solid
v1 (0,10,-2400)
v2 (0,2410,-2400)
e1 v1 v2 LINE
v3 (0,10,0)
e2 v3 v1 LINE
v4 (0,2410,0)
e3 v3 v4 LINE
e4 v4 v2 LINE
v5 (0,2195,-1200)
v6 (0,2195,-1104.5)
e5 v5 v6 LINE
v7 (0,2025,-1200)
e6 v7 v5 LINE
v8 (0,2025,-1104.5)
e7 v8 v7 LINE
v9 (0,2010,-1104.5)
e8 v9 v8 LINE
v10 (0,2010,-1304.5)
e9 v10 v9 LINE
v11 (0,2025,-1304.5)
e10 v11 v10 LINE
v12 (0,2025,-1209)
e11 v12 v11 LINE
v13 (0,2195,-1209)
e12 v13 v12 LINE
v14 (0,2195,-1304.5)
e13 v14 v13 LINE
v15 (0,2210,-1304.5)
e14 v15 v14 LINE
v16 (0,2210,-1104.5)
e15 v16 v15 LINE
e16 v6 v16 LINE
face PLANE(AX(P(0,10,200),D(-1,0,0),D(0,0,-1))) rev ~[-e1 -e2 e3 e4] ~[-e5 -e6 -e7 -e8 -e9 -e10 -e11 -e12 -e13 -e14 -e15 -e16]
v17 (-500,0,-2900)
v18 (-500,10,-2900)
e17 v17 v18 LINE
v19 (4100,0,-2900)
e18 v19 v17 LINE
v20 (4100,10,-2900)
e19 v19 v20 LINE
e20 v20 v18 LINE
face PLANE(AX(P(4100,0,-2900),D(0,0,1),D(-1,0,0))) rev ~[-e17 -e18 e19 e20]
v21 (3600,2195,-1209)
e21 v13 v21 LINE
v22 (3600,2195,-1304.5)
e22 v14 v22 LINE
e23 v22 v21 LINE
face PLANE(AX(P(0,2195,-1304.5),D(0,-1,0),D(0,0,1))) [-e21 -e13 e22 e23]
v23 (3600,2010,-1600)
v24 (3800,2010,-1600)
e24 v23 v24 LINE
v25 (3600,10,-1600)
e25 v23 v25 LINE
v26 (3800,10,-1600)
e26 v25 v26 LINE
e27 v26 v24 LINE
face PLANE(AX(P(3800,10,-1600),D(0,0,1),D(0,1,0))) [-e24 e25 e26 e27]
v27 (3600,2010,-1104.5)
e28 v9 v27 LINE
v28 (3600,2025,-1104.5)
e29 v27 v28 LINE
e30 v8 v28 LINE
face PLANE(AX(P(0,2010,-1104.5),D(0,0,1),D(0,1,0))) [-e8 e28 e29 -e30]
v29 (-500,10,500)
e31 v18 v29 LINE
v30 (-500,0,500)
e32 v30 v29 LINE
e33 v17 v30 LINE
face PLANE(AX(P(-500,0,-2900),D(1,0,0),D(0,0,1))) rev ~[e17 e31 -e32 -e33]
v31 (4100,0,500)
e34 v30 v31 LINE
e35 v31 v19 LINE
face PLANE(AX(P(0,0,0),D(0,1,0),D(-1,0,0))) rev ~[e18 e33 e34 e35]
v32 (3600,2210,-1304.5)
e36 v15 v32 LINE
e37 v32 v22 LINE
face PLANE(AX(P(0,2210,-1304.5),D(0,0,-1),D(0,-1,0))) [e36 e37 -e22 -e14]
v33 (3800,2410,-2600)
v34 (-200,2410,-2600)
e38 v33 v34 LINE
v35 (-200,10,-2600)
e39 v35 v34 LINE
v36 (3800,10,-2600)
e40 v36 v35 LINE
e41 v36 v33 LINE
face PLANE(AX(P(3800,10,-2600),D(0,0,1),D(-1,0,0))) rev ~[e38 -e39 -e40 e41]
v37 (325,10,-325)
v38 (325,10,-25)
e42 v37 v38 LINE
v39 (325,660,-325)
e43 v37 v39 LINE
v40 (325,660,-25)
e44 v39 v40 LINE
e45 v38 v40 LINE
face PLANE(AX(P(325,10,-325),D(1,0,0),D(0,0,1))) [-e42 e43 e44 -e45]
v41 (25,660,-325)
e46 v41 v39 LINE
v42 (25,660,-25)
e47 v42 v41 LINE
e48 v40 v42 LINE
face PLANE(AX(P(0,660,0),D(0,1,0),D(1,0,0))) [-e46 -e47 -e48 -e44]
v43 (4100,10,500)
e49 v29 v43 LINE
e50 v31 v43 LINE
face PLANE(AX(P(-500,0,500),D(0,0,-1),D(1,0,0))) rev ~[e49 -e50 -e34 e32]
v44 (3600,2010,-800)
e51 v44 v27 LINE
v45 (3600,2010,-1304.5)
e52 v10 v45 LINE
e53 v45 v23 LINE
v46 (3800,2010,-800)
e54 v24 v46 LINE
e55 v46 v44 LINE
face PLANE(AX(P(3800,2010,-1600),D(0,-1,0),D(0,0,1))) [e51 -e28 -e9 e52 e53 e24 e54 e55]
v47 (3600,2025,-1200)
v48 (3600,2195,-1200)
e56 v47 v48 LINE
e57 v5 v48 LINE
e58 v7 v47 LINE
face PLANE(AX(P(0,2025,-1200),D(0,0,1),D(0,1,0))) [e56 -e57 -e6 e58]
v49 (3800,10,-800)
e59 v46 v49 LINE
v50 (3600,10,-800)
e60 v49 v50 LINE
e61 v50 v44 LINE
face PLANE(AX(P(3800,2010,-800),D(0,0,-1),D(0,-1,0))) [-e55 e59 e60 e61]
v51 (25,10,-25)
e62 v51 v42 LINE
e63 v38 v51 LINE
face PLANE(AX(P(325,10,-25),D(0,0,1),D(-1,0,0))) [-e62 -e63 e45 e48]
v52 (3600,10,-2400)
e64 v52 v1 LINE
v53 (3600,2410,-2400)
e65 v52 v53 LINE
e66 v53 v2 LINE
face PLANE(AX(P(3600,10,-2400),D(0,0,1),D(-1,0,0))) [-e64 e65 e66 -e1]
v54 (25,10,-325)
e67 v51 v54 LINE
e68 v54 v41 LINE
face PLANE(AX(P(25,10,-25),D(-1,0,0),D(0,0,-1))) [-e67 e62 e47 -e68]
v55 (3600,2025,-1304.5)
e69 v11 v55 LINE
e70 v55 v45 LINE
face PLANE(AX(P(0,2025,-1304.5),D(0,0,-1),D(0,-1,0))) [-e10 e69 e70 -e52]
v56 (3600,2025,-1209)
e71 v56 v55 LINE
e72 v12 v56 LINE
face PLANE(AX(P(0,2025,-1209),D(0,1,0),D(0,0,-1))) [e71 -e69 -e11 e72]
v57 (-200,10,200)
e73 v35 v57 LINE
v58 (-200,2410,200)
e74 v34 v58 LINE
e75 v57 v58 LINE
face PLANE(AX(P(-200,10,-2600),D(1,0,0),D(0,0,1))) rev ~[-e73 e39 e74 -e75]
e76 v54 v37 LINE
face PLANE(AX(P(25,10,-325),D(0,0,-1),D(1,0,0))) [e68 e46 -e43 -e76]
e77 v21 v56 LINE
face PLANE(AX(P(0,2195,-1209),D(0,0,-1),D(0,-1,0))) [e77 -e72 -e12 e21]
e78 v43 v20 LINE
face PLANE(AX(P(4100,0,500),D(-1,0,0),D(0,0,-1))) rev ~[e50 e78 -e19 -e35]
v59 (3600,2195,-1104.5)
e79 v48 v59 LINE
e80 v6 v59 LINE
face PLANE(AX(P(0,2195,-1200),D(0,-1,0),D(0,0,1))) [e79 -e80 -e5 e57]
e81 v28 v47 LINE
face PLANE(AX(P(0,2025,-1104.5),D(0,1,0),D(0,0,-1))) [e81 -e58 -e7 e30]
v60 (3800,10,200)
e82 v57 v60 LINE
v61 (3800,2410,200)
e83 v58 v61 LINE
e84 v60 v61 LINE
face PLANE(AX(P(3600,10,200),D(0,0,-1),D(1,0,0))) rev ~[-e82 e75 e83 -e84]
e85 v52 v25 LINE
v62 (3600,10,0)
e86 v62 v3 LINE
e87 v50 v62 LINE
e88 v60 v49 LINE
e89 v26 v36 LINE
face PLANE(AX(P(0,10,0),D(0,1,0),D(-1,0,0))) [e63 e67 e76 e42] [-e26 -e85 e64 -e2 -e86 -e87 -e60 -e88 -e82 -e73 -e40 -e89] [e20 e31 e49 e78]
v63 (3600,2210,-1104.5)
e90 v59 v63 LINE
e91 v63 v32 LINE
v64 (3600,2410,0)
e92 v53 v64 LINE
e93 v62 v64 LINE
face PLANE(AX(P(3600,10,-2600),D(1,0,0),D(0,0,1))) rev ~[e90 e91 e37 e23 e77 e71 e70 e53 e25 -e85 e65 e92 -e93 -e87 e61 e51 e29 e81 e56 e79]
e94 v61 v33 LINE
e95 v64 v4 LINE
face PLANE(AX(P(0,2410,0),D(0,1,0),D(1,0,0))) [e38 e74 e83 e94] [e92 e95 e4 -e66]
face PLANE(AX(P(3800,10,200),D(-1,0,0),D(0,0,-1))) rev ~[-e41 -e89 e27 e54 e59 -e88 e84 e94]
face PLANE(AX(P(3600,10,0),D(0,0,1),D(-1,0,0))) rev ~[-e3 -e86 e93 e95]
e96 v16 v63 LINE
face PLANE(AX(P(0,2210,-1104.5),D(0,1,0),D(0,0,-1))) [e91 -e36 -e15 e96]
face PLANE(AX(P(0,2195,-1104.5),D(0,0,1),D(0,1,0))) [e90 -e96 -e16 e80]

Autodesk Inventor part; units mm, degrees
ref_plane "YZ Plane" through (0, 0, 0) normal (1, 0, 0) x (0, 1, 0)
ref_plane "XZ Plane" through (0, 0, 0) normal (0, 1, 0) x (-1, 0, 0)
ref_plane "XY Plane" through (0, 0, 0) normal (0, 0, 1) x (1, 0, 0)
sketch "Sketch1" plane through (0, 0, 0) normal (0, 1, 0) x (-1, 0, 0)
  line L0 (500, 500) -> (-4100, 500)
  line L1 (-4100, 500) -> (-4100, -2900)
  line L2 (-4100, -2900) -> (500, -2900)
  line L3 (500, -2900) -> (500, 500)
  point P0 (0, 0)
  dimension "d0" = 4600
  dimension "d1" = 500
  dimension "d2" = 500
  dimension "d3" = 3400
extrude "Extrusion1" add sketch "Sketch1" along normal blind 10
sketch "Sketch2" plane through (0, 10, 0) normal (0, 1, 0) x (1, 0, 0)
  line L0 (-500, -500) -> (4100, -500) projected
  line L1 (-500, 2900) -> (-500, -500) projected
  line L2 (-200, -200) -> (0, -200)
  line L3 (0, -200) -> (0, 2600)
  line L4 (0, 2600) -> (-200, 2600)
  line L5 (-200, 2600) -> (-200, -200)
  point P0 (0, 0)
  dimension "d6" = 300
  dimension "d7" = 2800
  dimension "d8" = 200
  dimension "d9" = 300
extrude "Extrusion2" add sketch "Sketch2" along normal blind 2400
sketch "Sketch3" plane through (0, 10, 0) normal (0, 1, 0) x (1, 0, 0)
  line L0 (0, 2600) -> (0, -200) projected
  line L1 (-500, -500) -> (4100, -500) projected
  line L2 (0, -200) -> (3600, -200)
  line L3 (3600, -200) -> (3600, 0)
  line L4 (3600, 0) -> (0, 0)
  line L5 (0, 0) -> (0, -200)
  point P0 (0, 0)
  dimension "d12" = 300
  dimension "d13" = 200
  dimension "d14" = 3600
extrude "Extrusion3" add sketch "Sketch3" along normal blind 2400
sketch "Sketch4" plane through (0, 10, 0) normal (0, 1, 0) x (1, 0, 0)
  line L0 (4100, 2900) -> (-500, 2900) projected
  line L1 (0, 2600) -> (0, 0) projected
  line L2 (0, 2600) -> (3600, 2600)
  line L3 (3600, 2600) -> (3600, 2400)
  line L4 (3600, 2400) -> (0, 2400)
  line L5 (0, 2400) -> (0, 2600)
  dimension "d17" = 300
  dimension "d18" = 200
  dimension "d19" = 3600
extrude "Extrusion4" add sketch "Sketch4" along normal blind 2400
sketch "Sketch5" plane through (0, 10, 0) normal (0, 1, 0) x (1, 0, 0)
  line L0 (3600, -200) -> (3800, -200)
  line L1 (3800, -200) -> (3800, 2600)
  line L2 (3800, 2600) -> (3600, 2600)
  line L3 (3600, 2600) -> (3600, -200)
  dimension "d22" = 200
  dimension "d24" = 2800
extrude "Extrusion5" add sketch "Sketch5" along normal blind 2400
sketch "Sketch6" plane through (3800, 10, 200) normal (1, 0, 0) x (0, 0, -1)
  line L0 (2800, 0) -> (0, 0) projected
  line L1 (2800, 0) -> (2800, 2400) projected
  line L2 (1000, 0) -> (1800, 0)
  line L3 (1800, 0) -> (1800, 2000)
  line L4 (1800, 2000) -> (1000, 2000)
  line L5 (1000, 2000) -> (1000, 0)
  point P0 (200, -10)
  dimension "d27" = 800
  dimension "d29" = 2000
  dimension "d30" = 1000
extrude "Extrusion6" cut sketch "Sketch6" along normal blind 100 and the other way blind 300
sketch "Sketch8" plane through (0, 10, 0) normal (1, 0, 0) x (0, 0, -1)
  line L0 (0, 2400) -> (0, 0) projected
  line L1 (2400, 0) -> (0, 0) projected
  line L2 (1200, 2185) -> (1209, 2185)
  line L3 (1209, 2185) -> (1209, 2015)
  line L4 (1209, 2015) -> (1200, 2015)
  line L5 (1200, 2015) -> (1200, 2185)
  line L6 (1104.5, 2200) -> (1304.5, 2200)
  line L7 (1304.5, 2200) -> (1304.5, 2185)
  line L8 (1304.5, 2185) -> (1104.5, 2185)
  line L9 (1104.5, 2185) -> (1104.5, 2200)
  line L10 (1104.5, 2015) -> (1304.5, 2015)
  line L11 (1304.5, 2015) -> (1304.5, 2000)
  line L12 (1304.5, 2000) -> (1104.5, 2000)
  line L13 (1104.5, 2000) -> (1104.5, 2015)
  point P0 (0, -10)
  dimension "d35" = 9
  dimension "d37" = 1200
  dimension "d38" = 170
  dimension "d39" = 2015
  dimension "d40" = 95.5
  dimension "d41" = 95.5
  dimension "d42" = 15
  dimension "d43" = 15
  dimension "d44" = 0
  dimension "d45" = 200
extrude "Extrusion7" add sketch "Sketch8" along normal blind 3600
sketch "Sketch9" plane through (0, 10, 0) normal (0, 1, 0) x (1, 0, 0)
  line L0 (0, 2400) -> (0, 0) projected
  line L1 (0, 0) -> (3600, 0) projected
  line L2 (25, 325) -> (325, 325)
  line L3 (325, 325) -> (325, 25)
  line L4 (325, 25) -> (25, 25)
  line L5 (25, 25) -> (25, 325)
  dimension "d48" = 25
  dimension "d49" = 25
  dimension "d50" = 300
  dimension "d51" = 300
extrude "Extrusion8" add sketch "Sketch9" along normal blind 650
properties part number "SP_AST_Compartment_Drawing"
